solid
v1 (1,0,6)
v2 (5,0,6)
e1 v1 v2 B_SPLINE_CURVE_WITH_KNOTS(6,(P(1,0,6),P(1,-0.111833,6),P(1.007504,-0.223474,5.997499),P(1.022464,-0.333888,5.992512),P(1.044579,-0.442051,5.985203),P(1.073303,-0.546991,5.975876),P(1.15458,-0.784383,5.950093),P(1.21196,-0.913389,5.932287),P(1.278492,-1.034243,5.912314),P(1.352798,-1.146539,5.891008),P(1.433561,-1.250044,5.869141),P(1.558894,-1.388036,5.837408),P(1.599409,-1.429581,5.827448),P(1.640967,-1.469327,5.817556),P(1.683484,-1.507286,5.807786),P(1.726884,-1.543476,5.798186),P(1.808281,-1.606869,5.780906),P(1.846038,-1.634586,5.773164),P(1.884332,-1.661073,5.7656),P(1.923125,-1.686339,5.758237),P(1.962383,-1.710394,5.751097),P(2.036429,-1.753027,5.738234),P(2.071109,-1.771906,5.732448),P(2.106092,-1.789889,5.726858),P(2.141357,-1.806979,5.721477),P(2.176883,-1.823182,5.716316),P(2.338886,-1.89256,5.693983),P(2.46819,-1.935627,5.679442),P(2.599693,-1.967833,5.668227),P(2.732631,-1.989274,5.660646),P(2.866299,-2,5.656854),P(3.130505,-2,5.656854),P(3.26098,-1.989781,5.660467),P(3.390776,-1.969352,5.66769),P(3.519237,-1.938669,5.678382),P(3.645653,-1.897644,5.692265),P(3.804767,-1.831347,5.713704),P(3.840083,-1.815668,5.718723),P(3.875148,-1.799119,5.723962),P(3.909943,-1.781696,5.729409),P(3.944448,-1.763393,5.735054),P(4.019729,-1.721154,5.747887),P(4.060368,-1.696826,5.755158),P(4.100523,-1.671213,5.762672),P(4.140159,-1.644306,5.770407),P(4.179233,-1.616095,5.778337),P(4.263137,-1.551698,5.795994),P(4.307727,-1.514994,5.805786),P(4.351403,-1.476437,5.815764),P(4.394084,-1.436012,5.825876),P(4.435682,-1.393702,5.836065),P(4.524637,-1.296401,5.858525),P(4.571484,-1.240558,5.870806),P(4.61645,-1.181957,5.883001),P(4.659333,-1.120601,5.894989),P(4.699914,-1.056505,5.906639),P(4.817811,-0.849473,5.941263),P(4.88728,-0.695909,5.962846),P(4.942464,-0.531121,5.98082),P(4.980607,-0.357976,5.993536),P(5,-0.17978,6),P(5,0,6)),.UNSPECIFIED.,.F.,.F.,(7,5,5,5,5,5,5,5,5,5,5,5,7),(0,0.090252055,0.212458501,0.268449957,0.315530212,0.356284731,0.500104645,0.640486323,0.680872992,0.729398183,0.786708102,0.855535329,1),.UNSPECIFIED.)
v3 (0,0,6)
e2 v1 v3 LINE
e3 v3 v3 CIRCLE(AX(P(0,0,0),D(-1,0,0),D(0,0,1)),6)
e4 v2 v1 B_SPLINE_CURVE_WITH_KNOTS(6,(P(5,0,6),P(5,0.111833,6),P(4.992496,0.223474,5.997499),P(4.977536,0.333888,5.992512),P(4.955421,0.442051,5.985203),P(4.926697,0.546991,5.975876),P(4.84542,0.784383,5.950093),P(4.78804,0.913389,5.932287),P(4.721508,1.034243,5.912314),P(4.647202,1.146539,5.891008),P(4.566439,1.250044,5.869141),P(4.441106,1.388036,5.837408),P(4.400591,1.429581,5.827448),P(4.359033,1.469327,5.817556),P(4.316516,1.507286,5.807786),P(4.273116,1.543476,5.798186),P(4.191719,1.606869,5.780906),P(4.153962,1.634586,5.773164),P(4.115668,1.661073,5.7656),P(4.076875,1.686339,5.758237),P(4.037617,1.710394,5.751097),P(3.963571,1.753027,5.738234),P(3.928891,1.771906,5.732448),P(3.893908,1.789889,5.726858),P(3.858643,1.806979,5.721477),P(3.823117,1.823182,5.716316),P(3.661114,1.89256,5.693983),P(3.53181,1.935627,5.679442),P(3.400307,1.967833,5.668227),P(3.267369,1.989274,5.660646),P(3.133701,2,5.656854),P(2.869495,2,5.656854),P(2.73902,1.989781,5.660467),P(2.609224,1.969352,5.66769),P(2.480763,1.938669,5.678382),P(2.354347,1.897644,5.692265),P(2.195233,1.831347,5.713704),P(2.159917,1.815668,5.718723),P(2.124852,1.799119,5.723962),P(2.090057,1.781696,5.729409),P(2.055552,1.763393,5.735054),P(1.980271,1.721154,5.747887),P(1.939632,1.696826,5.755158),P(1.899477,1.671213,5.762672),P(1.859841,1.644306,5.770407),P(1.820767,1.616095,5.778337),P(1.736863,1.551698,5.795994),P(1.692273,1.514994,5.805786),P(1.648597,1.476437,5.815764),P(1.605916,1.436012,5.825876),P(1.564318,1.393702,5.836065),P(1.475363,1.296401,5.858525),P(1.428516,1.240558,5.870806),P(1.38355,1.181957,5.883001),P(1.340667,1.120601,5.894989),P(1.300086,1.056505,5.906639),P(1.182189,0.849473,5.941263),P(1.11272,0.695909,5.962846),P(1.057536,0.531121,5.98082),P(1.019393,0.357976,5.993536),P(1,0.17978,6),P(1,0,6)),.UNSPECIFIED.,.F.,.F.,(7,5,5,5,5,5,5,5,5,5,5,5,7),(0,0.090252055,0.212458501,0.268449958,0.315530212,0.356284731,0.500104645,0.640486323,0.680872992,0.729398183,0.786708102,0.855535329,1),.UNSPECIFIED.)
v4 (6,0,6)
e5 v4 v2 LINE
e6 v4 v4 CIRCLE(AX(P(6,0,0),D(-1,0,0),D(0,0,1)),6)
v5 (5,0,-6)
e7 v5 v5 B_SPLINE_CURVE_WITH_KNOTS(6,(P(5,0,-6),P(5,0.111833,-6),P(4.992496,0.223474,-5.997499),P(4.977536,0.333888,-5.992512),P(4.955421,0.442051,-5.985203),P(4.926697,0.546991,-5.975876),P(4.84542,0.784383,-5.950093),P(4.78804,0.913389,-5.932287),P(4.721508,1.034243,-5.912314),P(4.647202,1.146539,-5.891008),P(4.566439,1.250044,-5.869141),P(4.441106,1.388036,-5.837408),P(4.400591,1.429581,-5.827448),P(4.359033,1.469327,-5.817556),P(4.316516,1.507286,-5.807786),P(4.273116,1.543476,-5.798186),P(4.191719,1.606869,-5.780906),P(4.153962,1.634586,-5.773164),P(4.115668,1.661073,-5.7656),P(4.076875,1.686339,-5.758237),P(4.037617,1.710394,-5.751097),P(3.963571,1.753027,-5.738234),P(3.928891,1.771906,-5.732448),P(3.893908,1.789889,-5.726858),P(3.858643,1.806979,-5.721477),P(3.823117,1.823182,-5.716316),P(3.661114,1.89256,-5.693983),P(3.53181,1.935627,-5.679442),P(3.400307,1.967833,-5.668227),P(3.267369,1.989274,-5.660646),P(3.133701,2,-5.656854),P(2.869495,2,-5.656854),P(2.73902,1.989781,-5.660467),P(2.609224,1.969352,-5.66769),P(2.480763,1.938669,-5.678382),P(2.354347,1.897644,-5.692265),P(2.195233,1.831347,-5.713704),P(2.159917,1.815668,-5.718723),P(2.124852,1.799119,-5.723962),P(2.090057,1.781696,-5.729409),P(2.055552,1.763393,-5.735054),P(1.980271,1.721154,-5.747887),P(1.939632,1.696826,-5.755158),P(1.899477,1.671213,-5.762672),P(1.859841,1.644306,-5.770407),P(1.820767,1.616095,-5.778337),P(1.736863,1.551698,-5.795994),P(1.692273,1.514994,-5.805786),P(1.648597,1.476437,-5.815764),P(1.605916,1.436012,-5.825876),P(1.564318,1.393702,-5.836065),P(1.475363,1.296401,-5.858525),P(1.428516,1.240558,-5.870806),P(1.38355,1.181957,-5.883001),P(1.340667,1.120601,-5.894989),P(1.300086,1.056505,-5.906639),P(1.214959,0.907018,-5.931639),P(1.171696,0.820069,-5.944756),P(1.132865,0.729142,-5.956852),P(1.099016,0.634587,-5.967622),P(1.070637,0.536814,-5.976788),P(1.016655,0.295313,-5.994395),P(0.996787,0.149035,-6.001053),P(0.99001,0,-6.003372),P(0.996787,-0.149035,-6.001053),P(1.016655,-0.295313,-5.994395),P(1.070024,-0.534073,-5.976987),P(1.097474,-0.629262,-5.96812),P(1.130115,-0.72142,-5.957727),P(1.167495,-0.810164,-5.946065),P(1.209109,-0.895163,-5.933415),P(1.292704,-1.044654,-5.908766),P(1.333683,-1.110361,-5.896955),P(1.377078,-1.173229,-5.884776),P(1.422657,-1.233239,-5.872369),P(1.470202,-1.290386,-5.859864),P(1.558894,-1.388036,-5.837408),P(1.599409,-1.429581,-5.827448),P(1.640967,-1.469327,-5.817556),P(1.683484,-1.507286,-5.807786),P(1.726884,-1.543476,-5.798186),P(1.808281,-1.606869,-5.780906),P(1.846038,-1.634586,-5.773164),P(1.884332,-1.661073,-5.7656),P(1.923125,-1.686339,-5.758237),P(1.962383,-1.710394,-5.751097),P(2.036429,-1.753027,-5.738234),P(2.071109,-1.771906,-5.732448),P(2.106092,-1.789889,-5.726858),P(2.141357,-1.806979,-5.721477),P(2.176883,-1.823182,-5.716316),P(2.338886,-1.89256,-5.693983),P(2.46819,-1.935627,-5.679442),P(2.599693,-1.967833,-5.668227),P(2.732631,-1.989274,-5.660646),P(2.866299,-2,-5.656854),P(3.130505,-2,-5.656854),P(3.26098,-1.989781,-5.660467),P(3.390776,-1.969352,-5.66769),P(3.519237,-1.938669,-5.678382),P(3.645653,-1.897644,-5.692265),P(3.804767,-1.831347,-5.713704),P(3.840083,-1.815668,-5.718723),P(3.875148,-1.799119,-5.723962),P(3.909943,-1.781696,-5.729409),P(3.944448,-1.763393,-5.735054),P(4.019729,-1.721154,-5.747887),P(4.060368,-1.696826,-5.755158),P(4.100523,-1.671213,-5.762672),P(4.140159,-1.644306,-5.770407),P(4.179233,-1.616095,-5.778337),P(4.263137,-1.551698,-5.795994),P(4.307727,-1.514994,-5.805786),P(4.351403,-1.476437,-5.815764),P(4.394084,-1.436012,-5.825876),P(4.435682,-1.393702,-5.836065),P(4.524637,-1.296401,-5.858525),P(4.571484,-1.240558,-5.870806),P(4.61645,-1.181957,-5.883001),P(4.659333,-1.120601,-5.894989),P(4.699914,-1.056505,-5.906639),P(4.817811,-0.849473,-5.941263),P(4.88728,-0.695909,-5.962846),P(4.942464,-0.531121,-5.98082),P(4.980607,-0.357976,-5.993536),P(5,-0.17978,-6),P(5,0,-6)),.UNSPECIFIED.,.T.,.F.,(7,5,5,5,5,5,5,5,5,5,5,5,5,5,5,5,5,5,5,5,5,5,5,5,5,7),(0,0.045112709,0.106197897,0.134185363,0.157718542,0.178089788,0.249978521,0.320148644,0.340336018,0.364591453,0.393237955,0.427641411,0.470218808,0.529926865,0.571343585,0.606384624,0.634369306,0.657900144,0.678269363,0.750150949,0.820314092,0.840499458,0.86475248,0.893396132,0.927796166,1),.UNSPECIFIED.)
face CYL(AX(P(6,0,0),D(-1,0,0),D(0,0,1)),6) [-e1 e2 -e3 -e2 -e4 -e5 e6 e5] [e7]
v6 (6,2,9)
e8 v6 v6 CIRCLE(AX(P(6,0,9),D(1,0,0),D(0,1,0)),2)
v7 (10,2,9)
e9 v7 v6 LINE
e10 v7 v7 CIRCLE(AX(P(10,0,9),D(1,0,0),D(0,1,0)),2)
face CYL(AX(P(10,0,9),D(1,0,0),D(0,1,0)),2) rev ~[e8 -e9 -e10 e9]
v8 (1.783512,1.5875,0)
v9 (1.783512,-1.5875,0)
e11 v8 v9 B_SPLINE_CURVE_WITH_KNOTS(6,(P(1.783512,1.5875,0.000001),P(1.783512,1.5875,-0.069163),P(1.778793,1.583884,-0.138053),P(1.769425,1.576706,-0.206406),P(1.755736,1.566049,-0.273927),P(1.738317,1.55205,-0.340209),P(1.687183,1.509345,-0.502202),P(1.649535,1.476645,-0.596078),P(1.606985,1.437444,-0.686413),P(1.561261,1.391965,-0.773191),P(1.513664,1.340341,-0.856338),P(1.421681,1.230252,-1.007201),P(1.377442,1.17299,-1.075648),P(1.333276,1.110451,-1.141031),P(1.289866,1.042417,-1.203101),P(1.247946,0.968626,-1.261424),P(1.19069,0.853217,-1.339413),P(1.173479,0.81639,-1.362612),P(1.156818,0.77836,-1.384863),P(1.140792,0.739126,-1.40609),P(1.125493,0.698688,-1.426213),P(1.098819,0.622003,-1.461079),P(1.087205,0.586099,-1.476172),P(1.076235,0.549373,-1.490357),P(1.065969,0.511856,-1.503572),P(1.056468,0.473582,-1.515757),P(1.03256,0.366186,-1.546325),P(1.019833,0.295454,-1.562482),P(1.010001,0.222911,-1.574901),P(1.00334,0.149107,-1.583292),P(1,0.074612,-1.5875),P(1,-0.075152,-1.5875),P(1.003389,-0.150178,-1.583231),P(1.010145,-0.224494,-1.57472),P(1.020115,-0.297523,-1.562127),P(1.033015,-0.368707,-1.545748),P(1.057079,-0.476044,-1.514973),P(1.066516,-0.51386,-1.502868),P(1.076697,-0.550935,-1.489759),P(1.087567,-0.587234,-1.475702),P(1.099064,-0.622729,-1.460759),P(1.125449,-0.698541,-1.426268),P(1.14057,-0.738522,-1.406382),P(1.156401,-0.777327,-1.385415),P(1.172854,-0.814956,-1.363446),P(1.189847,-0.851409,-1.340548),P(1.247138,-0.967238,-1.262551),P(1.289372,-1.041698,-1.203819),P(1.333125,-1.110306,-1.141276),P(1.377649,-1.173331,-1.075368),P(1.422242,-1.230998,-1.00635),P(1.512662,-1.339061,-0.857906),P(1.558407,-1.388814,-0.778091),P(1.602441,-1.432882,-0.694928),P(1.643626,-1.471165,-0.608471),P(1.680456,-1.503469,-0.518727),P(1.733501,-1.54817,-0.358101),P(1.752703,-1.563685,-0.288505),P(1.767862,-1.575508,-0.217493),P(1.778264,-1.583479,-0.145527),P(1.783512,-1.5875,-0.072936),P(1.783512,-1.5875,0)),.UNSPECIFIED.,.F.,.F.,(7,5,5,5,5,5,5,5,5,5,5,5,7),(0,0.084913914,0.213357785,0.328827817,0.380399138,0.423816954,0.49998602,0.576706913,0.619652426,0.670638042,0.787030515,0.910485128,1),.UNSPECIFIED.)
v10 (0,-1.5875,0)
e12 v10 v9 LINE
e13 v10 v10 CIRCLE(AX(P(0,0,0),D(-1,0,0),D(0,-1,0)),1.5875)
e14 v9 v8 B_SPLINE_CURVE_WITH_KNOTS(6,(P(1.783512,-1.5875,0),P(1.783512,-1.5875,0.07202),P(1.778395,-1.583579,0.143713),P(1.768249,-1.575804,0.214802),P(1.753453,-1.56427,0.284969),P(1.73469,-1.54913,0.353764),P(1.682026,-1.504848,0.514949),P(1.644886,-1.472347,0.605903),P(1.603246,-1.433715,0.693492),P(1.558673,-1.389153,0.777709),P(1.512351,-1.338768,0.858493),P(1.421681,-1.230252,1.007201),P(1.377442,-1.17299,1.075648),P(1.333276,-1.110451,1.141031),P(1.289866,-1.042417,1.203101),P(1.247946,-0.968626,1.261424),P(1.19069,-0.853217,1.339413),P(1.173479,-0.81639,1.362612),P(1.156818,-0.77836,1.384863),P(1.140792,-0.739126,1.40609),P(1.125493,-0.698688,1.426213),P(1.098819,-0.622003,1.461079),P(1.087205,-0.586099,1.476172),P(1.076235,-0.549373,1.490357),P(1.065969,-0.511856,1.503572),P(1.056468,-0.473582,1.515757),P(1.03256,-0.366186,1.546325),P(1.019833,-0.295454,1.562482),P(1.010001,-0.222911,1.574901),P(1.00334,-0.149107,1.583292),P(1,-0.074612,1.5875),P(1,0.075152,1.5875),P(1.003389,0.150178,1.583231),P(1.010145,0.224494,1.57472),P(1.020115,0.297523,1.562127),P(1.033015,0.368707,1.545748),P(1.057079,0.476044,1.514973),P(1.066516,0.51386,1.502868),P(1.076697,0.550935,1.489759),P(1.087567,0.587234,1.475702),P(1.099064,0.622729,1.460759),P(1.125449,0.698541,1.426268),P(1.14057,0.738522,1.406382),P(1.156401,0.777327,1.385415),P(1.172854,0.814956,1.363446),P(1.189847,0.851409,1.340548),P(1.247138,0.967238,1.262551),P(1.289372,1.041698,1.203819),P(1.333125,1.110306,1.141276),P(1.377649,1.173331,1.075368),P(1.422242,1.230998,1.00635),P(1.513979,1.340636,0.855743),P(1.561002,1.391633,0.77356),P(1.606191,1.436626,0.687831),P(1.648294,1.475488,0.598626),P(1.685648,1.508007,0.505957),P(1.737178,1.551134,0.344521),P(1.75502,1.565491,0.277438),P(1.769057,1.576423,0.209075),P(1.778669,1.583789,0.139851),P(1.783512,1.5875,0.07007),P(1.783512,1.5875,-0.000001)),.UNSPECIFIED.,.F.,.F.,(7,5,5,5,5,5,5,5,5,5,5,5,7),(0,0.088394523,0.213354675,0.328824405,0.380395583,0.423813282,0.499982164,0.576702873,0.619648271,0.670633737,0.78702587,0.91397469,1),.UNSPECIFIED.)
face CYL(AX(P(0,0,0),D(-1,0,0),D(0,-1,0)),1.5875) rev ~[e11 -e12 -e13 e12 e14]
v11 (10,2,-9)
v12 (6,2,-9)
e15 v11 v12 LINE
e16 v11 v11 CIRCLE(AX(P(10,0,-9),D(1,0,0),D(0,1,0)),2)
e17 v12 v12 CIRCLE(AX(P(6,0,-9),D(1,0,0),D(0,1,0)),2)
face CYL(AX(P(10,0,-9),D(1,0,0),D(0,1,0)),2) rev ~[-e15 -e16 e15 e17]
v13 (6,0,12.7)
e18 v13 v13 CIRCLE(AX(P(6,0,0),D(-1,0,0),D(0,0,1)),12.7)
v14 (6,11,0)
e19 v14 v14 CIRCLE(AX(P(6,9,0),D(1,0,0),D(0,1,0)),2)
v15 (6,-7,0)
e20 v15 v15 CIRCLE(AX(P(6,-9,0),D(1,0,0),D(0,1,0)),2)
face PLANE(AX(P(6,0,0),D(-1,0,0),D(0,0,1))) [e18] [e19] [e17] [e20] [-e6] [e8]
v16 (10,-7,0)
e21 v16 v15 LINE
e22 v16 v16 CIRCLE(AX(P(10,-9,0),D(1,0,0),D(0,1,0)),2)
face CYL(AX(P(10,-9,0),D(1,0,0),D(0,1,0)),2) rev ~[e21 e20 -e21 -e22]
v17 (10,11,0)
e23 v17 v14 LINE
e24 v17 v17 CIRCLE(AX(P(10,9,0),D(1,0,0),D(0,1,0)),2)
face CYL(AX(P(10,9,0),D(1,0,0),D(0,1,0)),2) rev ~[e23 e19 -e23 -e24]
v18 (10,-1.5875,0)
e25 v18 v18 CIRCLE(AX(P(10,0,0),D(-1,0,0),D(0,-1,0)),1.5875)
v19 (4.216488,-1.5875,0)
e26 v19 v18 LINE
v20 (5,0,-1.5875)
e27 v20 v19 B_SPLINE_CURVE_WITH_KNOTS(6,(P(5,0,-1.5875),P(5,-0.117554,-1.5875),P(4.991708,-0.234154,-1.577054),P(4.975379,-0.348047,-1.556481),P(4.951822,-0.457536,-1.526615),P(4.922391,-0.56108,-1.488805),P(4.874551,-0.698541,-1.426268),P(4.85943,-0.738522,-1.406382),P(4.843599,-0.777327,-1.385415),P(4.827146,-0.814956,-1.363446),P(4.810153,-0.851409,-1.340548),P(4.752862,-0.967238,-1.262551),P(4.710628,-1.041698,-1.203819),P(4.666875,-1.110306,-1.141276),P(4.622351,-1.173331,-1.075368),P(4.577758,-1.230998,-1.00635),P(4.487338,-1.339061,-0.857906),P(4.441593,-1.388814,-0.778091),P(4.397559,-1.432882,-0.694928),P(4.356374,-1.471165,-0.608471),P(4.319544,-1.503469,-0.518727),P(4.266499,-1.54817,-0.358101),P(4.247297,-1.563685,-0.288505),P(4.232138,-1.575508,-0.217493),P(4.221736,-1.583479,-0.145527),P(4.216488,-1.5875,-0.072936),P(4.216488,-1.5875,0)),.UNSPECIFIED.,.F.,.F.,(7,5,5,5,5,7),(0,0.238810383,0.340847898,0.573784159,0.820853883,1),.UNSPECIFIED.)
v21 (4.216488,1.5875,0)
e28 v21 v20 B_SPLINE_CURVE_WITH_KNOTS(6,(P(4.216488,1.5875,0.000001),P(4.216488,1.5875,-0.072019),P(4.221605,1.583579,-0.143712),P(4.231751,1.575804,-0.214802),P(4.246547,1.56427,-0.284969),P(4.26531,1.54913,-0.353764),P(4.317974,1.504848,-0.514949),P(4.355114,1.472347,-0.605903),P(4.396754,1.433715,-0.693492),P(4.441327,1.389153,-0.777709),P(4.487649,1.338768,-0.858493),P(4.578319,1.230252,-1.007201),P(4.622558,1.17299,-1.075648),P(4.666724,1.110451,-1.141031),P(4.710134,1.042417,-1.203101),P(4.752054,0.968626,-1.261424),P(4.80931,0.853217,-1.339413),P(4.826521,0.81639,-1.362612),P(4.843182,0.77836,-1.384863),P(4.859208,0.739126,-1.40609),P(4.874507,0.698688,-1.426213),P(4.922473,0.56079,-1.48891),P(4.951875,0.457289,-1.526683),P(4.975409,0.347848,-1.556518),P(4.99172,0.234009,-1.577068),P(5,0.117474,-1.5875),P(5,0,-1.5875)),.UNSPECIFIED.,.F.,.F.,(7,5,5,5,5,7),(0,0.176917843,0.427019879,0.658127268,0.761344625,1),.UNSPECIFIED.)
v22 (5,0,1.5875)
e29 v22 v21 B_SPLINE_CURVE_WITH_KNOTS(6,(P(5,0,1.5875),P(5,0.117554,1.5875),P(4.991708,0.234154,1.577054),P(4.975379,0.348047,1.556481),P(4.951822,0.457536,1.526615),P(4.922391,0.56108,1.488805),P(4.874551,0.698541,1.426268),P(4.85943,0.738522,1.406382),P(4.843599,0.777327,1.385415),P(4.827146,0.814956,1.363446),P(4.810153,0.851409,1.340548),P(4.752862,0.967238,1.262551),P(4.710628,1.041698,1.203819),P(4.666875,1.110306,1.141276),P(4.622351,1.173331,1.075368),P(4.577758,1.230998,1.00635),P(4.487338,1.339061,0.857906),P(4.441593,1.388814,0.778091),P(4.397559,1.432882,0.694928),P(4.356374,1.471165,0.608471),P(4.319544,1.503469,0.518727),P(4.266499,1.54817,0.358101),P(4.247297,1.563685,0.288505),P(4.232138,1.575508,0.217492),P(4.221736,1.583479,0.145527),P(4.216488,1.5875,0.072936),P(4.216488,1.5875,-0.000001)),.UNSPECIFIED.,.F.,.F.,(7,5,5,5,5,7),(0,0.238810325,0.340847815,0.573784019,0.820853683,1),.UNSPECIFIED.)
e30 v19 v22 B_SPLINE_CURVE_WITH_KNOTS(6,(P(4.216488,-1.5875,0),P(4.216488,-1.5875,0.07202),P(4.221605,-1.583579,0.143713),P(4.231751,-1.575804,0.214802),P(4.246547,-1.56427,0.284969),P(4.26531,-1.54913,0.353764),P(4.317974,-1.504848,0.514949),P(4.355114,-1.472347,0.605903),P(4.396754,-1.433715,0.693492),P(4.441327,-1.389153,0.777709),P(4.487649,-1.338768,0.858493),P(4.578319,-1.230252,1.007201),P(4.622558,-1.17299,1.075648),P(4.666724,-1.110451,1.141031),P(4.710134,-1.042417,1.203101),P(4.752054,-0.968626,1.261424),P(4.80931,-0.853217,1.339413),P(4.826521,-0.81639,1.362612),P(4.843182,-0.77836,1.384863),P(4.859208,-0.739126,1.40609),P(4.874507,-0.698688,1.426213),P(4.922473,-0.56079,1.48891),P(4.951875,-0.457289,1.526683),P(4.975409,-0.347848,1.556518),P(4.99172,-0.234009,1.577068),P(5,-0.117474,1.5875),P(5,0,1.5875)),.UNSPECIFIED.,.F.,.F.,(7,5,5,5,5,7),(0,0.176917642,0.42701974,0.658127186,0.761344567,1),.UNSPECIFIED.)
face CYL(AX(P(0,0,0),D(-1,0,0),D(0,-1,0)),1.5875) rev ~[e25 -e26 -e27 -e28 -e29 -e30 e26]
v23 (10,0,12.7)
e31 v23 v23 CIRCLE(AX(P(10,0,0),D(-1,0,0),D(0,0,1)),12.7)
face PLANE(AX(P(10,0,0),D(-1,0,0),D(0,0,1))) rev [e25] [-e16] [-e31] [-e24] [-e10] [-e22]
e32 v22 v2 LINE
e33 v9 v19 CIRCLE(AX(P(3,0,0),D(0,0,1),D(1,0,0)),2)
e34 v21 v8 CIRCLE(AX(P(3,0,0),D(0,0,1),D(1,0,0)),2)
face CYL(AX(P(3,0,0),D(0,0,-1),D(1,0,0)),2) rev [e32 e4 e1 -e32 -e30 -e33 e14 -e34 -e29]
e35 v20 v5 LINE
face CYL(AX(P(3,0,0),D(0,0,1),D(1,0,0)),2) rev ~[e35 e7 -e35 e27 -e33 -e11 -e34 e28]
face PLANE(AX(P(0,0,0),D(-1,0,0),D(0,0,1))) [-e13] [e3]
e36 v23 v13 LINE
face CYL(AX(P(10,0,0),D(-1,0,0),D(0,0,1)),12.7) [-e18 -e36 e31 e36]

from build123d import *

# Parameters (mm, degrees)
F2_R          = 2
F3_DEPTH      = 12.701
F3_DEPTH_BACK = 12.701
F4_R          = 2
F5_DEPTH      = 10.0010001
F6_R          = 1.5875
F7_DEPTH      = 10.001


with BuildPart() as f1:
    # F0 (on Front) → F1 (revolve)
    with BuildSketch(Plane.XZ):
        Polygon((0, 6), (0, 0), (10, 0), (10, 12.7), (6, 12.7), (6, 6), align=None)
    revolve(axis=Axis((5, 0, 0), (-1, 0, 0)))

    # F2 (on Top) → F3 (cut, two sides)
    with BuildSketch(Plane.XY) as f3_sk:
        with Locations((3, 0)):
            Circle(F2_R)
    extrude(amount=-F3_DEPTH, mode=Mode.SUBTRACT)
    extrude(f3_sk.sketch, amount=F3_DEPTH_BACK, mode=Mode.SUBTRACT)

    # F4 (on face) → F5 (cut, through all)
    with BuildSketch(Plane.YZ.offset(10)):
        with Locations((0, 9)):
            Circle(F4_R)
        with Locations((9, 0)):
            Circle(F4_R)
        with Locations((0, -9)):
            Circle(F4_R)
        with Locations((-9, 0)):
            Circle(F4_R)
    extrude(amount=-F5_DEPTH, mode=Mode.SUBTRACT)

    # F6 (on face) → F7 (cut, through all)
    with BuildSketch(Plane(origin=(0, 0, 0), x_dir=(0, -1, 0), z_dir=(-1, 0, 0))):
        Circle(F6_R)
    extrude(amount=-F7_DEPTH, mode=Mode.SUBTRACT)


solid = f1.part
